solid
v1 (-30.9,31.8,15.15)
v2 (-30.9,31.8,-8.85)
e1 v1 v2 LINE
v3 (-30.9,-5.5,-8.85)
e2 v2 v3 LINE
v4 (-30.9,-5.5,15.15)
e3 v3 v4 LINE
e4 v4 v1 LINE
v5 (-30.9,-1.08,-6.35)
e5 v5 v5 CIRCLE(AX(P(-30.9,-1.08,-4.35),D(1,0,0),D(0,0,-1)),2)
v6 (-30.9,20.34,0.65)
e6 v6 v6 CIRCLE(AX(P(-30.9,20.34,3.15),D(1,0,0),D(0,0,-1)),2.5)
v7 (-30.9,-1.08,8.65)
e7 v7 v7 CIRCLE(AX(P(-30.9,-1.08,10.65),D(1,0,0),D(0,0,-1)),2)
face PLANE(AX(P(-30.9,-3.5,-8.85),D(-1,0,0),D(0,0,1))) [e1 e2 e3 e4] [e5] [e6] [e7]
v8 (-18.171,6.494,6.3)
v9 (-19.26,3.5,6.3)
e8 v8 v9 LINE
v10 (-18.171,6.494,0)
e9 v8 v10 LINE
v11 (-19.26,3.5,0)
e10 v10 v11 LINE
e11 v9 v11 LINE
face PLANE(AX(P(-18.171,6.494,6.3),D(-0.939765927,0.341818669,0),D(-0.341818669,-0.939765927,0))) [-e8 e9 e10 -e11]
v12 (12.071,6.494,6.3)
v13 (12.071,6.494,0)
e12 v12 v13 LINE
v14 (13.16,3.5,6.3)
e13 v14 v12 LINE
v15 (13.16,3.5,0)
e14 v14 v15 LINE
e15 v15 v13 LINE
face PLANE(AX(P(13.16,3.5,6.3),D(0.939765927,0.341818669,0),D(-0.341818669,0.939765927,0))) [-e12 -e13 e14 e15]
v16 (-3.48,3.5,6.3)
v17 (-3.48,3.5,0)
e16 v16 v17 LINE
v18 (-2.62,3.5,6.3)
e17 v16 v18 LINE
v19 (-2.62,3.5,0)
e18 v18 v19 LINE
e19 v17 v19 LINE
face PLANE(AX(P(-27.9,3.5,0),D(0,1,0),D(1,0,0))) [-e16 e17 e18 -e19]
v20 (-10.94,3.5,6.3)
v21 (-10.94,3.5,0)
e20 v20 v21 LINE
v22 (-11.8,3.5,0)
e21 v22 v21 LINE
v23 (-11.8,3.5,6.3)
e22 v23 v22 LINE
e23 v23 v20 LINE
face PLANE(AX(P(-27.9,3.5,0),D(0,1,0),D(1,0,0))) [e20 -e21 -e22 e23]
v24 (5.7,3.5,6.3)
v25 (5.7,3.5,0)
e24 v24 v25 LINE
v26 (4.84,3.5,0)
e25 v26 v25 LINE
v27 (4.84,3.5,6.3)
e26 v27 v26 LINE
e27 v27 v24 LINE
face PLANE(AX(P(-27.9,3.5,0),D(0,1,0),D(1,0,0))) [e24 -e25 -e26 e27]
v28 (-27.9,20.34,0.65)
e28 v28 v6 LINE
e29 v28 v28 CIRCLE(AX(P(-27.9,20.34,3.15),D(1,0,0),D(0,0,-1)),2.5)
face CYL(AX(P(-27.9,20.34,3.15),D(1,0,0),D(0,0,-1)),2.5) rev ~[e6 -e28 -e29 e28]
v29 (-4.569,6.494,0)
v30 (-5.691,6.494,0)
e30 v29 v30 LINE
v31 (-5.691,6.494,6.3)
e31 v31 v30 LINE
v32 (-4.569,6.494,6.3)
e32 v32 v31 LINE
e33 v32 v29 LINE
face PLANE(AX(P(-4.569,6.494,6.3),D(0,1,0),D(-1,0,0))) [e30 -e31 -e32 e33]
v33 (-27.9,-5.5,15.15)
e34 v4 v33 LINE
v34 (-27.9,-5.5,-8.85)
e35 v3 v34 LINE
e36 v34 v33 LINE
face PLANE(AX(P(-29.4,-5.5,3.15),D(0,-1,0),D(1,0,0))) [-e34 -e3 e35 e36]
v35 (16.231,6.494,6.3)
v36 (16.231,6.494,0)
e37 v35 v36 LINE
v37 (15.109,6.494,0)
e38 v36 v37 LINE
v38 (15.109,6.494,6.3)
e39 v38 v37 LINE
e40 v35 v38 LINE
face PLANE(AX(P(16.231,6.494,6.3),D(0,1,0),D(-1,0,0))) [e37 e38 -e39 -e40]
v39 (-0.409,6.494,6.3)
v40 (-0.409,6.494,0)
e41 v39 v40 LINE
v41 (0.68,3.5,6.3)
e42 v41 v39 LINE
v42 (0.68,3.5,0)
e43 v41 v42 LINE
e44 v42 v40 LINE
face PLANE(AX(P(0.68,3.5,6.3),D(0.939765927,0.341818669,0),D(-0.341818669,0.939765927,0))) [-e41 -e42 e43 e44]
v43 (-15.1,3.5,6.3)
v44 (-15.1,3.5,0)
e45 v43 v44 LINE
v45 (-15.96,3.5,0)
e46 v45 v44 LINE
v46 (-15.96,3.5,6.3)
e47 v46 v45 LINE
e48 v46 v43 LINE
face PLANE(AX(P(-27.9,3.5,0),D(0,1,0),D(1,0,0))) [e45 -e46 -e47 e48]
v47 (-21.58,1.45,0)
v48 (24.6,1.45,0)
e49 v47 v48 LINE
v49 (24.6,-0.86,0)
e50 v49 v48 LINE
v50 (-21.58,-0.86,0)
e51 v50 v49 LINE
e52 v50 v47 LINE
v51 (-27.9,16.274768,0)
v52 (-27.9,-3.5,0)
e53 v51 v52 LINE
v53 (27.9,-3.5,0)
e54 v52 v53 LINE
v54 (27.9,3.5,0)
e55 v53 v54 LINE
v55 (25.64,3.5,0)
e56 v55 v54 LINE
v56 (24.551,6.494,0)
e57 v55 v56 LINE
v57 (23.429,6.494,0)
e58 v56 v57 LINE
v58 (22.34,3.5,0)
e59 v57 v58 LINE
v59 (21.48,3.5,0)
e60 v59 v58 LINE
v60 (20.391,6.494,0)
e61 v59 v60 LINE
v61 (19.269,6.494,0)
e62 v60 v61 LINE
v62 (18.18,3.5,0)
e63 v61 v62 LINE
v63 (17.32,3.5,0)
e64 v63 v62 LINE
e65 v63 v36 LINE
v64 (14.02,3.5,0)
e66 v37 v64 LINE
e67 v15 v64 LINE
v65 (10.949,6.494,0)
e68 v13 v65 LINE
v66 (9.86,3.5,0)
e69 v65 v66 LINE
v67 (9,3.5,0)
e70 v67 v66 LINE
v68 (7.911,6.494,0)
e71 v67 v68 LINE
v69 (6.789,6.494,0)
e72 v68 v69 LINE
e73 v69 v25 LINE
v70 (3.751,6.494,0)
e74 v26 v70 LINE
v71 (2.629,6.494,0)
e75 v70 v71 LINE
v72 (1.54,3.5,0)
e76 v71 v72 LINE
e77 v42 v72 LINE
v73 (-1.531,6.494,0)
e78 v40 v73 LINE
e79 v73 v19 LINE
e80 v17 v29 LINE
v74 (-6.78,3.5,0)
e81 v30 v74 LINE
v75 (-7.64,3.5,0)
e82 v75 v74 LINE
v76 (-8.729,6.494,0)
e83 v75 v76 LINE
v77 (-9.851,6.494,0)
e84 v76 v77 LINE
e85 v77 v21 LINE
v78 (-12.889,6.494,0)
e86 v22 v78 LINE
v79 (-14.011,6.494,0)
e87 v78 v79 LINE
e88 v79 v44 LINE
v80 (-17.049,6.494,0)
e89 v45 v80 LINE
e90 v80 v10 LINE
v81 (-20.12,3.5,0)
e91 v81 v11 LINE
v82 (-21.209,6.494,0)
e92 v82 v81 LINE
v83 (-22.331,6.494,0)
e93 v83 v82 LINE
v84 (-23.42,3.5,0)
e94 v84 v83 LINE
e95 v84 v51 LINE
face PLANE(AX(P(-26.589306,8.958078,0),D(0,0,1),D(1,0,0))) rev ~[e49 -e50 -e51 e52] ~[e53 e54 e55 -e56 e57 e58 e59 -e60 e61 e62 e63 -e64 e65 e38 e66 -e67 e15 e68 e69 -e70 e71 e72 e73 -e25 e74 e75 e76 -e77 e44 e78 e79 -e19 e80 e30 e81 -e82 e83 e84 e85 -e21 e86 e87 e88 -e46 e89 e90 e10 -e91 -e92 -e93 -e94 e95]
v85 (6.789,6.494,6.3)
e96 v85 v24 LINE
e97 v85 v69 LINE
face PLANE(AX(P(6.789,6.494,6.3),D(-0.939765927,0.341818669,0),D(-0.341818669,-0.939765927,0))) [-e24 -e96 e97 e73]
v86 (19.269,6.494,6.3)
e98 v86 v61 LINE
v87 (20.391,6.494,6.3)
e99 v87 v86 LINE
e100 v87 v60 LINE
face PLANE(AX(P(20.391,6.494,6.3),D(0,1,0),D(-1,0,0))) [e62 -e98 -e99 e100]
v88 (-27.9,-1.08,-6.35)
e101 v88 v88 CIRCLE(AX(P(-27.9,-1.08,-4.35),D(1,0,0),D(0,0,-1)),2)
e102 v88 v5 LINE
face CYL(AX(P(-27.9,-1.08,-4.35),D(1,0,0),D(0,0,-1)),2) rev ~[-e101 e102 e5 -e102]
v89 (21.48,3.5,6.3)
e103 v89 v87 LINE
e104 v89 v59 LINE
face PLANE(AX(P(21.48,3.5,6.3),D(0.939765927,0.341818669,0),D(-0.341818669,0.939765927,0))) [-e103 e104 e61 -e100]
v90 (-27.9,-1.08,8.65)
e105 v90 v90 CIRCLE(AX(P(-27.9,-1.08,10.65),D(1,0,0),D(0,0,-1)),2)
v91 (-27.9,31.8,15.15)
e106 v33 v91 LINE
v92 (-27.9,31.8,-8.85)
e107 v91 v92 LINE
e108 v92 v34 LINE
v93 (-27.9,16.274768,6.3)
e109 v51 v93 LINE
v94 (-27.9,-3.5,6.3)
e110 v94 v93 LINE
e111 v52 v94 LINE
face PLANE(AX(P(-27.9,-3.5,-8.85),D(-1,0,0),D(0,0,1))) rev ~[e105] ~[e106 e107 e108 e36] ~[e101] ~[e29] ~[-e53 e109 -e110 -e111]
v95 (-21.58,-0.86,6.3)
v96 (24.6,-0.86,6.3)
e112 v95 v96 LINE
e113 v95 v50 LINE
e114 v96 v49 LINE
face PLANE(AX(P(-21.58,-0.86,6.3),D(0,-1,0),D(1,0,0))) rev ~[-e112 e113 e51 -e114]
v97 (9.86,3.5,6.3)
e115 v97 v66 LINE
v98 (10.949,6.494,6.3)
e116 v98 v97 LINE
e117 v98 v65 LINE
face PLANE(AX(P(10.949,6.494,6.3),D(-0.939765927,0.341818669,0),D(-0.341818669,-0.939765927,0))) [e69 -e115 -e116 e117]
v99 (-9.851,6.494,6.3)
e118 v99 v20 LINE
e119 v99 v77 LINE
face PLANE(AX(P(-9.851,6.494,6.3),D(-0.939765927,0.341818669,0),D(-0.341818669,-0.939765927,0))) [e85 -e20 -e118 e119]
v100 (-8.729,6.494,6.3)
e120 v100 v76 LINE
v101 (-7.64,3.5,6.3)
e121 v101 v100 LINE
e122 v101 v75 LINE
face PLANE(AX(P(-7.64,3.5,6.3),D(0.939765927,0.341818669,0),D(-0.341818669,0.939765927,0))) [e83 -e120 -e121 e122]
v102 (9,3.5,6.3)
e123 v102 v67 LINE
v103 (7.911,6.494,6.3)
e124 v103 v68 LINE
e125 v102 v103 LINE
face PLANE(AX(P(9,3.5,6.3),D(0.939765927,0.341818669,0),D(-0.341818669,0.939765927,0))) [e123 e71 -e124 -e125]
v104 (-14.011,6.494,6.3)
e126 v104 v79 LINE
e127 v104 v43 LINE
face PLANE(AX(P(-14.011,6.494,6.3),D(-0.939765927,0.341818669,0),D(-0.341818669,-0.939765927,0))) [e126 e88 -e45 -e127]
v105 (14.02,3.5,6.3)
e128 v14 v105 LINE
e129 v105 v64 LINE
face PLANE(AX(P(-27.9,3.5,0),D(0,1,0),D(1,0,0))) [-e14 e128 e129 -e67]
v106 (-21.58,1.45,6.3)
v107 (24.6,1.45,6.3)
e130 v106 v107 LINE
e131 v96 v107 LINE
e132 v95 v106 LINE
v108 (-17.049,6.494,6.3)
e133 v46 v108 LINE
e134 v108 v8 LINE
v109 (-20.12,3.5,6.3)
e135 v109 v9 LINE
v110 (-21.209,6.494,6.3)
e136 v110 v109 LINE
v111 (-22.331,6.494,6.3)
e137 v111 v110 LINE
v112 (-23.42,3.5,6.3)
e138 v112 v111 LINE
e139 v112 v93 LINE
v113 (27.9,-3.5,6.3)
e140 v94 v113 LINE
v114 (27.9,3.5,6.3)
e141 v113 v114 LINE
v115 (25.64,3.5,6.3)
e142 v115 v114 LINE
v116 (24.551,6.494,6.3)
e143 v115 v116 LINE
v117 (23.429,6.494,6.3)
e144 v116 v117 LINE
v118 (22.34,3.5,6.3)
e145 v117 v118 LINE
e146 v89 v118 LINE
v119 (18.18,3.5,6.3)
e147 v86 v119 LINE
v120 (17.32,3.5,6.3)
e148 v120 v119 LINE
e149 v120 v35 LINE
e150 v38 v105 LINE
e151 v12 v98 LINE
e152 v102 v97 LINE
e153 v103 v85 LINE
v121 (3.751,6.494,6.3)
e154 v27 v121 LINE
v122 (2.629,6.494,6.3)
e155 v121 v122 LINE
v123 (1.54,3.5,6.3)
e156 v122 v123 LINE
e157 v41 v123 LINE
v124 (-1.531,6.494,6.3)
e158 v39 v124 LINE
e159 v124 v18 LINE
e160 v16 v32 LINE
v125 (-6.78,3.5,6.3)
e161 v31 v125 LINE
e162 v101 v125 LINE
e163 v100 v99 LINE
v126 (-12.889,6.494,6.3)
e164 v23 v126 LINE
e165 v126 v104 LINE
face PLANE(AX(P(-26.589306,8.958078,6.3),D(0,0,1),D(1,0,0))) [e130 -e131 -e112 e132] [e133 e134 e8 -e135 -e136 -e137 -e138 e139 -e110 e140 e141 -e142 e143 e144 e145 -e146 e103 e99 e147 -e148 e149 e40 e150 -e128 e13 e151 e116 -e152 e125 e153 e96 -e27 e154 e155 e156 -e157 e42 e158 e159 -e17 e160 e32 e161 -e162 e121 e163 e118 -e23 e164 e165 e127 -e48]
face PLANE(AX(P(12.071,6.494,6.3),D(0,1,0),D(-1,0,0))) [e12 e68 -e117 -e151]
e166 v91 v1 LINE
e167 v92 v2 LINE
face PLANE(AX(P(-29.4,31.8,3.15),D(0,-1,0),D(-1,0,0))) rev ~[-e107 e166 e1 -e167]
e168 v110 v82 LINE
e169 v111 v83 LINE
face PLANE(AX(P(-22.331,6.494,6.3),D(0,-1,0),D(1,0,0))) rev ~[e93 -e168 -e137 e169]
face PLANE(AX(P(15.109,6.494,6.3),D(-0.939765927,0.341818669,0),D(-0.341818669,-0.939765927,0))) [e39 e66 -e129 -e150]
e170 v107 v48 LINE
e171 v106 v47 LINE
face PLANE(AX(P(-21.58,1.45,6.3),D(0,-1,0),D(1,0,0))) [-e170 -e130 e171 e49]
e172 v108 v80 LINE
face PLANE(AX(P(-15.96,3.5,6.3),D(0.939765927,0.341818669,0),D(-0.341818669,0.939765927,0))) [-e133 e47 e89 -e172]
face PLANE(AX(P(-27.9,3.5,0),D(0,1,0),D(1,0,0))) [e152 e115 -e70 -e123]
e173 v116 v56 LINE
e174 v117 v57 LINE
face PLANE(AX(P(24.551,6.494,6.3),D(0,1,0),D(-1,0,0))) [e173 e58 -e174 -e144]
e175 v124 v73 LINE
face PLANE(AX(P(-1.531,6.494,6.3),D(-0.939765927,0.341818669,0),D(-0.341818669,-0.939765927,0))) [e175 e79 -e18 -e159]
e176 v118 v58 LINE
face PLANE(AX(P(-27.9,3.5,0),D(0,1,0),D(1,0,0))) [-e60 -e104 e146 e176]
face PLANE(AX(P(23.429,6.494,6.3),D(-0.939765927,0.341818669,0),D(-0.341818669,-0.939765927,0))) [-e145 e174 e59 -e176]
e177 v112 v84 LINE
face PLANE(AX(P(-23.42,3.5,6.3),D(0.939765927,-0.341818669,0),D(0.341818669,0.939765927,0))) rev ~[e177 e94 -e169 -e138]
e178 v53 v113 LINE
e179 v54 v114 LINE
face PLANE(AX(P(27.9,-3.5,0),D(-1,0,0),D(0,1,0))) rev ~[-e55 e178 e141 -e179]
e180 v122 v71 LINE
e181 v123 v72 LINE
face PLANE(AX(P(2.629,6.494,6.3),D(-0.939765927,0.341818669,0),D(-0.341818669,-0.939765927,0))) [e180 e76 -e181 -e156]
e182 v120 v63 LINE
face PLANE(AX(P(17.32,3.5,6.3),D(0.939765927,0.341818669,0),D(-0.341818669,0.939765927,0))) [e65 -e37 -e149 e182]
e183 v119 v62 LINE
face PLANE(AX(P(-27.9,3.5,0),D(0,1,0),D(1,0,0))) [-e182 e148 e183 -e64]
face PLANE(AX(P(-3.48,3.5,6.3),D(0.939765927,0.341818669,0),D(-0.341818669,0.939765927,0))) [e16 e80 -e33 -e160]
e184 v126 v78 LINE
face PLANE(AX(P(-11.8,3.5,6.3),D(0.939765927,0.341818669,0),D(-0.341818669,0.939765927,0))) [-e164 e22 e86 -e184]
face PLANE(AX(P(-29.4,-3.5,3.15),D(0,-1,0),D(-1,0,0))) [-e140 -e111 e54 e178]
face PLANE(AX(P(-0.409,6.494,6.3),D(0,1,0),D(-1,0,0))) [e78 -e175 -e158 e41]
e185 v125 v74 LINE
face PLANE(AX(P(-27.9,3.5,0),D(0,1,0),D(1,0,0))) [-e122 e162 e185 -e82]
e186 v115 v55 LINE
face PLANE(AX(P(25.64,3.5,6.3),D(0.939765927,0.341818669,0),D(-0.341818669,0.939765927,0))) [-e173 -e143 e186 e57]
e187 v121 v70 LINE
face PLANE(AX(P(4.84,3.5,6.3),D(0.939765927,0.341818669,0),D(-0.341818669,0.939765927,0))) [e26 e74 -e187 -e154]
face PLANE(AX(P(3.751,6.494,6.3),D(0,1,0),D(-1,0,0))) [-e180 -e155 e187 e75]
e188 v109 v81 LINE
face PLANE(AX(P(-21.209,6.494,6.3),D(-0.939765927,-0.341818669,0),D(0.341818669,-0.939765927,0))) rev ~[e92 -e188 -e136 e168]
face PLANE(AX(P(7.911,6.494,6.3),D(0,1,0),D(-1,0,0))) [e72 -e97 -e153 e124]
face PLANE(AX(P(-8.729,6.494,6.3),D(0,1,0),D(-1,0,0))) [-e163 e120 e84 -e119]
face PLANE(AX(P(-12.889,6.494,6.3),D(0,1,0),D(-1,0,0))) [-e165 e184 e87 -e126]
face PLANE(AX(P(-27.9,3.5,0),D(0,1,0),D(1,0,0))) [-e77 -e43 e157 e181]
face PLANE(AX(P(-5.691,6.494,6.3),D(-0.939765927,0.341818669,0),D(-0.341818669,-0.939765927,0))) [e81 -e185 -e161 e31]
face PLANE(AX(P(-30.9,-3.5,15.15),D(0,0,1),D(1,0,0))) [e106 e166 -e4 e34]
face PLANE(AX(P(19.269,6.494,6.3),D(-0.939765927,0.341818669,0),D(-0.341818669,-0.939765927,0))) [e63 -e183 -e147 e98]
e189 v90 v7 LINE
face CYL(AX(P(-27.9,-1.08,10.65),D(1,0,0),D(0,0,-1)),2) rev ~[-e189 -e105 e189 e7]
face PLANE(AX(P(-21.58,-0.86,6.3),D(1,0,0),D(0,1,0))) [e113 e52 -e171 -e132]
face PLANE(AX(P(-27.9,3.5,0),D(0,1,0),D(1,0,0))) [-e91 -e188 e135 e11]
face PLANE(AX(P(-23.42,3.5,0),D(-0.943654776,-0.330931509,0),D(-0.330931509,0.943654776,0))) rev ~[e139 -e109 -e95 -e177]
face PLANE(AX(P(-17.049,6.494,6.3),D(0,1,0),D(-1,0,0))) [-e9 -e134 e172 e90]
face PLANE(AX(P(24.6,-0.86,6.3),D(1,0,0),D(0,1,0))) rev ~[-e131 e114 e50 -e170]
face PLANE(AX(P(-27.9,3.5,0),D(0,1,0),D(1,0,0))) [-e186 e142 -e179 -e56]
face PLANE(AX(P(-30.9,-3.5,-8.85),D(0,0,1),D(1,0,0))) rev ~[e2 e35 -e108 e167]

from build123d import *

# Parameters (mm, degrees)
SKETCH1_W           = 55.8
SKETCH1_H           = 7
BOSS_EXTRUDE2_DEPTH = 6.3
SKETCH2_W           = 46.18
SKETCH2_H           = 2.31
CUT_EXTRUDE1_DEPTH  = 6.3
BOSS_EXTRUDE3_DEPTH = 6.3
SKETCH5_W           = 3
SKETCH5_H           = 24
BOSS_EXTRUDE4_DEPTH = 35.3
SKETCH6_R           = 2
SKETCH6_R_2         = 2.5
CUT_EXTRUDE2_DEPTH  = 40
BOSS_EXTRUDE5_DEPTH = 6.3
SKETCH8_W           = 3
SKETCH8_H           = 24
BOSS_EXTRUDE6_DEPTH = 2


with BuildPart() as part:
    # Sketch1 → Boss-Extrude2 (new body)
    with BuildSketch(Plane.XY):
        Rectangle(SKETCH1_W, SKETCH1_H)
    extrude(amount=BOSS_EXTRUDE2_DEPTH)

    # Sketch2 → Cut-Extrude1 (cut)
    with BuildSketch(Plane.XY.offset(6.3)):
        with Locations((1.51, 0.295)):
            Rectangle(SKETCH2_W, SKETCH2_H)
    extrude(amount=-CUT_EXTRUDE1_DEPTH, mode=Mode.SUBTRACT)

    # Sketch3 → Boss-Extrude3 (add)
    with BuildSketch(Plane.XY.offset(6.3)):
        Polygon((-23.42, 3.5), (-22.331, 6.494), (-21.209, 6.494), (-20.12, 3.5), align=None)
        Polygon((-19.26, 3.5), (-15.96, 3.5), (-17.049, 6.494), (-18.171, 6.494), align=None)
        Polygon((-15.1, 3.5), (-11.8, 3.5), (-12.889, 6.494), (-14.011, 6.494), align=None)
        Polygon((-10.94, 3.5), (-7.64, 3.5), (-8.729, 6.494), (-9.851, 6.494), align=None)
        Polygon((-6.78, 3.5), (-3.48, 3.5), (-4.569, 6.494), (-5.691, 6.494), align=None)
        Polygon((-2.62, 3.5), (0.68, 3.5), (-0.409, 6.494), (-1.531, 6.494), align=None)
        Polygon((1.54, 3.5), (4.84, 3.5), (3.751, 6.494), (2.629, 6.494), align=None)
        Polygon((5.7, 3.5), (9, 3.5), (7.911, 6.494), (6.789, 6.494), align=None)
        Polygon((9.86, 3.5), (13.16, 3.5), (12.071, 6.494), (10.949, 6.494), align=None)
        Polygon((14.02, 3.5), (17.32, 3.5), (16.231, 6.494), (15.109, 6.494), align=None)
        Polygon((18.18, 3.5), (21.48, 3.5), (20.391, 6.494), (19.269, 6.494), align=None)
        Polygon((22.34, 3.5), (25.64, 3.5), (24.551, 6.494), (23.429, 6.494), align=None)
    extrude(amount=-BOSS_EXTRUDE3_DEPTH)

    # Sketch5 → Boss-Extrude4 (add)
    with BuildSketch(Plane(origin=(0, -3.5, 0), x_dir=(-1, 0, 0), z_dir=(0, -1, 0))):
        with Locations((29.4, -3.15)):
            Rectangle(SKETCH5_W, SKETCH5_H)
    extrude(amount=-BOSS_EXTRUDE4_DEPTH)

    # Sketch6 → Cut-Extrude2 (cut)
    with BuildSketch(Plane(origin=(-27.9, 0, 0), x_dir=(0, 0, -1), z_dir=(1, 0, 0))):
        with Locations((4.35, -1.08)):
            Circle(SKETCH6_R)
        with Locations((-10.65, -1.08)):
            Circle(SKETCH6_R)
        with Locations((-3.15, 20.34)):
            Circle(SKETCH6_R_2)
    extrude(amount=-CUT_EXTRUDE2_DEPTH, mode=Mode.SUBTRACT)

    # Sketch7 → Boss-Extrude5 (add)
    with BuildSketch(Plane(origin=(0, 0, 0), x_dir=(-1, 0, 0), z_dir=(0, 0, -1))):
        Polygon((23.42, 3.5), (27.9, 16.274768446), (27.9, 8.809175652), (27.9, 3.5), align=None)
    extrude(amount=-BOSS_EXTRUDE5_DEPTH)

    # Sketch8 → Boss-Extrude6 (add)
    with BuildSketch(Plane.XZ.offset(3.5)):
        with Locations((-29.4, 3.15)):
            Rectangle(SKETCH8_W, SKETCH8_H)
    extrude(amount=BOSS_EXTRUDE6_DEPTH)


solid = part.part
